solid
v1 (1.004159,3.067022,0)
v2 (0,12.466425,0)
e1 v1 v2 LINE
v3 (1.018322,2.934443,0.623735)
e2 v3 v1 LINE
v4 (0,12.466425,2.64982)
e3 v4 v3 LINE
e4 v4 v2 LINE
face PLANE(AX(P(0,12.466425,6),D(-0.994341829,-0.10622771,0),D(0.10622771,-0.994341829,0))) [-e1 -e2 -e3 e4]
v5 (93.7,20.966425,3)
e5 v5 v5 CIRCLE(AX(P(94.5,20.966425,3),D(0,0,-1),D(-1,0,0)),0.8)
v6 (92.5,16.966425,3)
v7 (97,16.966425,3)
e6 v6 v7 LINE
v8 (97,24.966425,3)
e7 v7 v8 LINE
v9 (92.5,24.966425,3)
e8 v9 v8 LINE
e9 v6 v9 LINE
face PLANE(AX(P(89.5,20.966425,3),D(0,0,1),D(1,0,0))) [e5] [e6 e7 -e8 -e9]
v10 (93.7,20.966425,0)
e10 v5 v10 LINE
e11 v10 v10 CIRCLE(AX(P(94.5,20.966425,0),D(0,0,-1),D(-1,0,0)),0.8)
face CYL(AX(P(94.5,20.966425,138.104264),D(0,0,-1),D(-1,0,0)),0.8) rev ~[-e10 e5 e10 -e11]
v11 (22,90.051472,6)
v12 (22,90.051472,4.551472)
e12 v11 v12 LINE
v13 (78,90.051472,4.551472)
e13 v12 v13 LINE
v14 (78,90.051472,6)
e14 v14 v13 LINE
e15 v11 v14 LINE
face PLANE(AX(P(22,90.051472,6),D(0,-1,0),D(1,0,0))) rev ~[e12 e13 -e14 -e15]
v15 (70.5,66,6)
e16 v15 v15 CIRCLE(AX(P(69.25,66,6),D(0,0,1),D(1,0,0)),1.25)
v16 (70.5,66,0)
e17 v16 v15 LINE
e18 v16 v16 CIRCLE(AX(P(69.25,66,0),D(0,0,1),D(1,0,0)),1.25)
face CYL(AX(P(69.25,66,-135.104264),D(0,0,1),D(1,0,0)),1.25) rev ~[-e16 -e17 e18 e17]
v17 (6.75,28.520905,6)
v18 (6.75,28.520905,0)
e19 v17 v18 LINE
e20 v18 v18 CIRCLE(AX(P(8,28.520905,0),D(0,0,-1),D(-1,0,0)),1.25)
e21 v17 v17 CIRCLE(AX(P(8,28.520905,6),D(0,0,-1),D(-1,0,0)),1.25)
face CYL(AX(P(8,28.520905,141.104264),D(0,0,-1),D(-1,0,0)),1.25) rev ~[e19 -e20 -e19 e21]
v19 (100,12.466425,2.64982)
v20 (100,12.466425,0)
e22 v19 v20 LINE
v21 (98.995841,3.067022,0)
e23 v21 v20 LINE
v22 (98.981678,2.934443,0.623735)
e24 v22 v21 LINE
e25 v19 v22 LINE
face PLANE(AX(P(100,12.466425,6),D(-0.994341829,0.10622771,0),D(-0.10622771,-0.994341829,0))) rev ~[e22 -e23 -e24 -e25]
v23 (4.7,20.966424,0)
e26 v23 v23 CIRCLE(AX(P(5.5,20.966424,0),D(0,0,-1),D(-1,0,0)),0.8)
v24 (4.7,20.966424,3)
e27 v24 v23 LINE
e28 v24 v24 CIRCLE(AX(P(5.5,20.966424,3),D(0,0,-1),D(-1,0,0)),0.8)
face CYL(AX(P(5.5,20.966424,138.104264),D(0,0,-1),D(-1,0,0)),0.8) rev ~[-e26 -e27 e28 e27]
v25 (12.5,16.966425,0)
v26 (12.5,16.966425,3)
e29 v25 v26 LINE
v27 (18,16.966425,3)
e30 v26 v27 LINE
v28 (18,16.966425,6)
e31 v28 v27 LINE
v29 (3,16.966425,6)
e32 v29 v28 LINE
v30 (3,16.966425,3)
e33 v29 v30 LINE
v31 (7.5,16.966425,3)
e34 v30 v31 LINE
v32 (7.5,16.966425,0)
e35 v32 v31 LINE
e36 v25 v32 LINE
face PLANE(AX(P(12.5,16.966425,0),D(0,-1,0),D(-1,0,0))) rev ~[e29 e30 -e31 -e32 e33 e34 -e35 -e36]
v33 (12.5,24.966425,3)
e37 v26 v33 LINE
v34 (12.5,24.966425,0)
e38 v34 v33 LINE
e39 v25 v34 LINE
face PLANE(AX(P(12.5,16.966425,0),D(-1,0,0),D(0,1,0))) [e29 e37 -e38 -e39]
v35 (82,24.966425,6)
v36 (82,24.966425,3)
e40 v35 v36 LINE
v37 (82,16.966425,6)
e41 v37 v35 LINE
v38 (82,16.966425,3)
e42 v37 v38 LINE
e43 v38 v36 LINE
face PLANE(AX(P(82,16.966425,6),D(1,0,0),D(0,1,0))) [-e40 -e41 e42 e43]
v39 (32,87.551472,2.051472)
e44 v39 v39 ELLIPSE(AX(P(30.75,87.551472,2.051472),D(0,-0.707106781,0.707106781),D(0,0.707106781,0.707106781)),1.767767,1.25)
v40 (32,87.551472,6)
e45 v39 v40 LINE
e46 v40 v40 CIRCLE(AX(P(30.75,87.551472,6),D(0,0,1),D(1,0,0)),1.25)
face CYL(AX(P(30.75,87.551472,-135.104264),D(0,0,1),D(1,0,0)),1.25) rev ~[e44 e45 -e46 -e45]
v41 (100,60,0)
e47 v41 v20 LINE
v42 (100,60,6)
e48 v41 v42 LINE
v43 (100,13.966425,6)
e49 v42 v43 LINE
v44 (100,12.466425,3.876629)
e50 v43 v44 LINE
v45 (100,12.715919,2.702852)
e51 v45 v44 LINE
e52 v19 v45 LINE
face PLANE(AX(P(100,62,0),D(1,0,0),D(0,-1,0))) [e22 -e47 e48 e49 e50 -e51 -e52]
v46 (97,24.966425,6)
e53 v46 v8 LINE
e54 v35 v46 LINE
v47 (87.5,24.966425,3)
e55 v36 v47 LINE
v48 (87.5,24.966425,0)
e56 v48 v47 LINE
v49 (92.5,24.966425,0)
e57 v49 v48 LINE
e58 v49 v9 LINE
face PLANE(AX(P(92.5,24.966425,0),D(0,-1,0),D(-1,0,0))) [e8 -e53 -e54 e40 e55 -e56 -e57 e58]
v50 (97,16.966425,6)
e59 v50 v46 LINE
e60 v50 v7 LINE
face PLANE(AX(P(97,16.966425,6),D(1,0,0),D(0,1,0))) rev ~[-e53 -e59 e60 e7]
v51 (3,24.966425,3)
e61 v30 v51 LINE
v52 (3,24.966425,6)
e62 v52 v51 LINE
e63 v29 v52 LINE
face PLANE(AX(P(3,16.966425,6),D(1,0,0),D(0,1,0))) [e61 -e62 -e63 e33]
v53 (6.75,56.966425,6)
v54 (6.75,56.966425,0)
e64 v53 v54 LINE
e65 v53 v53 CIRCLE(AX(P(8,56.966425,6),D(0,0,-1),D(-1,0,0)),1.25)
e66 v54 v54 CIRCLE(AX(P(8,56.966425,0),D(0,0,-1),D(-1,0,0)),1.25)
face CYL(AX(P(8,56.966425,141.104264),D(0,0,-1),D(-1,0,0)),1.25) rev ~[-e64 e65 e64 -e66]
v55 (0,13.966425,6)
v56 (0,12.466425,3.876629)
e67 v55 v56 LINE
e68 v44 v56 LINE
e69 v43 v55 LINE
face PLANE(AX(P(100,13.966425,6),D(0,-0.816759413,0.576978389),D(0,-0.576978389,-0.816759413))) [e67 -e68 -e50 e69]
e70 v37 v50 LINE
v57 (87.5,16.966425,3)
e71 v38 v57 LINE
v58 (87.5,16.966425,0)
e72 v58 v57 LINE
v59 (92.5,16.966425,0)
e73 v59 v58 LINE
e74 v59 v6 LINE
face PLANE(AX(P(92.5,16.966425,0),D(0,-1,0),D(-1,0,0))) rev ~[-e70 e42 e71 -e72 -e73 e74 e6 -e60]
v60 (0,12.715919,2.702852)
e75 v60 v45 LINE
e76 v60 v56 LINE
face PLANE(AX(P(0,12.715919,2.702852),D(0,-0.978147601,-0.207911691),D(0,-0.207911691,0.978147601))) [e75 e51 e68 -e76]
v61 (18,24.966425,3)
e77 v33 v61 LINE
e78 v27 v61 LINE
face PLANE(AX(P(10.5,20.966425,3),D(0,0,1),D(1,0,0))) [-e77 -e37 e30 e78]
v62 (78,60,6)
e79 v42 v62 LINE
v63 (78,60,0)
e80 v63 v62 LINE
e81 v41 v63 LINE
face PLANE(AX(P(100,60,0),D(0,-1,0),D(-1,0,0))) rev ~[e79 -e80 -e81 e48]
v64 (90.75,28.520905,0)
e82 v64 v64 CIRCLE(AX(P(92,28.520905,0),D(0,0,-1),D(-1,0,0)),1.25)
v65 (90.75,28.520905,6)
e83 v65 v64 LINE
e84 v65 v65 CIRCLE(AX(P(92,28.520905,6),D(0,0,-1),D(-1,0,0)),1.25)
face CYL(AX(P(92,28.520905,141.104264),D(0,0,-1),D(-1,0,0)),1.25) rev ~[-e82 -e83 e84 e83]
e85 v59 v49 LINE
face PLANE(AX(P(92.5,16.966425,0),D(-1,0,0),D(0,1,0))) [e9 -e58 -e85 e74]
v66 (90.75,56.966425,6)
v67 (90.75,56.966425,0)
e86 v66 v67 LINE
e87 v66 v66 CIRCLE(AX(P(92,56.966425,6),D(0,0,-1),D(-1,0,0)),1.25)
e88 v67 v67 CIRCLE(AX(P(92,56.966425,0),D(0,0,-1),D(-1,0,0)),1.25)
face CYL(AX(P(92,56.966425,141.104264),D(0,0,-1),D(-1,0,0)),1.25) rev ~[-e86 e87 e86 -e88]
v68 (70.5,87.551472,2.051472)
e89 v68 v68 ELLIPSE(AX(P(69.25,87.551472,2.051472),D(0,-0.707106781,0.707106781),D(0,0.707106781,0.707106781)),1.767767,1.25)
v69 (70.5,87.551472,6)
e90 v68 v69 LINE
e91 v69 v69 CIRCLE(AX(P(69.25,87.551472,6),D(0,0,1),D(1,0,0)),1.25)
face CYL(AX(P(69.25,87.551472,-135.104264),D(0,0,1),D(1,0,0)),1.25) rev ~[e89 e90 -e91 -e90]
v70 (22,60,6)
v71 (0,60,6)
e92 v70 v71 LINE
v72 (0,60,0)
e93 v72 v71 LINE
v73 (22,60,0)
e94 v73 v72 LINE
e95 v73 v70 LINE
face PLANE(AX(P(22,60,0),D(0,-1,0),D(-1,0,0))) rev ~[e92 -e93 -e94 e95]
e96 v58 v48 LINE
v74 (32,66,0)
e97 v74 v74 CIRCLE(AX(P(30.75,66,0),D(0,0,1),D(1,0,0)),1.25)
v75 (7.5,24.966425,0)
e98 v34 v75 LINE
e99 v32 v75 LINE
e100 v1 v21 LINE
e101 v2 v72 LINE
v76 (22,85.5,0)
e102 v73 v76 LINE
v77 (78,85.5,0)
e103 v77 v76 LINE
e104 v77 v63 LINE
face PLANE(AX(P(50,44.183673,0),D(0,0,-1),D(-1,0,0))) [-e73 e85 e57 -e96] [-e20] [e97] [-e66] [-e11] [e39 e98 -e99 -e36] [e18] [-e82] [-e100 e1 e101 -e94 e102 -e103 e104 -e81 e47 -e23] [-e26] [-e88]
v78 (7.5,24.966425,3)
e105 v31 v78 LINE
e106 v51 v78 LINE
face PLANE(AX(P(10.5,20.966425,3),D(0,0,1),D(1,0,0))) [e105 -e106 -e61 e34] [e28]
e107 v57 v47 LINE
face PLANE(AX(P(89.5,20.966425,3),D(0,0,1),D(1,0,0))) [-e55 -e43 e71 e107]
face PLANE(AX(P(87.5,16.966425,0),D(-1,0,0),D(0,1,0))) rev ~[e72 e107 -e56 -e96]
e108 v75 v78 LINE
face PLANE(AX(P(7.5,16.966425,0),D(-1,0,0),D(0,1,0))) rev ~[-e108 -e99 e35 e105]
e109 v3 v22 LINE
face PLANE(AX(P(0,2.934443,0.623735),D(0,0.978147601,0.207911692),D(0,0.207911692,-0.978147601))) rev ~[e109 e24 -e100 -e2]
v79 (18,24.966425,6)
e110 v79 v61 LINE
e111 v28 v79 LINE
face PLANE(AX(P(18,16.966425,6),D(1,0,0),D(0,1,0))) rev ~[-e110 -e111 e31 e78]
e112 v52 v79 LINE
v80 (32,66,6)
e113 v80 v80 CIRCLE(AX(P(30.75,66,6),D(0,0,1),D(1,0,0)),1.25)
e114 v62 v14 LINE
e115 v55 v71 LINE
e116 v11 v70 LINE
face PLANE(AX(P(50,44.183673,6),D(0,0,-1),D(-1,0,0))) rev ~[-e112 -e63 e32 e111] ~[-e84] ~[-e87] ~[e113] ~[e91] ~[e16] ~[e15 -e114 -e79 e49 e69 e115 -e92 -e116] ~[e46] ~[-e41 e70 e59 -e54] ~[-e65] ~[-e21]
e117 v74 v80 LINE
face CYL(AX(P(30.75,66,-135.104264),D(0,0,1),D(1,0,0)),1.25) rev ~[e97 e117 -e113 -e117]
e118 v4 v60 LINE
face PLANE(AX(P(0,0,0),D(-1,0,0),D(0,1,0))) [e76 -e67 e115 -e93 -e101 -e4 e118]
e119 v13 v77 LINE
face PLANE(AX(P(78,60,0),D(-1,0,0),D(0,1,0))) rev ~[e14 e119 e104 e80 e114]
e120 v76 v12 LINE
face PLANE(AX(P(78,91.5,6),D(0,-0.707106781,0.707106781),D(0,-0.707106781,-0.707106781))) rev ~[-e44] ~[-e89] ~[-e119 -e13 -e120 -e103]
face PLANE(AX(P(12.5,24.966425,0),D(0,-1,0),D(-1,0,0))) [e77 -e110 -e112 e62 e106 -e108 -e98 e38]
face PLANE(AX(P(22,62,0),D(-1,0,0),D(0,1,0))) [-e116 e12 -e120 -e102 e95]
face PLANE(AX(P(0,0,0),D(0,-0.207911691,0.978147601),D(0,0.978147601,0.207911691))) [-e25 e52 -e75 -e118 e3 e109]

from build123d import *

# Parameters (mm, degrees)
RESSALTO_EXTRUS_O1_DEPTH                = 6
CORTE_EXTRUS_O1_DEPTH                   = 100
CORTE_EXTRUS_O2_DEPTH                   = 100
CORTE_EXTRUS_O3_DEPTH                   = 100
FILETE1_R                               = 0.1
CORTE_EXTRUS_O4_DEPTH                   = 100
BROCA_DE_ROSQUEAR_PARA_TARRAXA_DE_M31_D = 2.5
ESBO_O9_W                               = 15
ESBO_O9_H                               = 8
CORTE_EXTRUS_O5_DEPTH                   = 3
ESBO_O10_W                              = 5
ESBO_O10_H                              = 8
CORTE_EXTRUS_O6_DEPTH                   = 3
BROCA_DE_ROSQUEAR_PARA_TARRAXA_DE_M21_D = 1.6
BROCA_DE_ROSQUEAR_PARA_TARRAXA_DE_M32_D = 2.5
ESBO_O15_W                              = 56.265856886
ESBO_O15_H                              = 5.410018906
CORTE_EXTRUS_O7_DEPTH                   = 5
ESBO_O16_W                              = 22
ESBO_O16_H                              = 2
CORTE_EXTRUS_O8_DEPTH                   = 10
CORTE_EXTRUS_O9_DEPTH                   = 100


with BuildPart() as part:
    # Esboço1 → Ressalto-extrusão1 (new body)
    with BuildSketch(Plane.XY):
        Polygon((0, 62), (22, 62), (22, 96), (78, 96), (78, 62), (100, 62), (100, 0), (0, 0), align=None)
    extrude(amount=RESSALTO_EXTRUS_O1_DEPTH)

    # Esboço2 → Corte-extrusão1 (cut)
    with BuildSketch(Plane.ZY):
        Polygon((0, 0), (2.702851981, 12.71591881), (4.274929738, 12.381763367), (4.34595667, 12.71591881), (6, 12.71591881), (6, 0), align=None)
    extrude(amount=-CORTE_EXTRUS_O1_DEPTH, mode=Mode.SUBTRACT)

    # Esboço3 → Corte-extrusão2 (cut)
    with BuildSketch(Plane(origin=(78, 0, 0), x_dir=(0, 0, -1), z_dir=(1, 0, 0))):
        Polygon((-6, 91.5), (0, 85.5), (0, 96), (-6, 96), align=None)
    extrude(amount=-CORTE_EXTRUS_O2_DEPTH, mode=Mode.SUBTRACT)

    # Esboço4 → Corte-extrusão3 (cut)
    with BuildSketch(Plane(origin=(100, 0, 0), x_dir=(0, 0, -1), z_dir=(1, 0, 0))):
        Polygon((-3.876629102, 12.466424781), (-6, 11.831800832), (-6, 13.966424781), align=None)
    extrude(amount=-CORTE_EXTRUS_O3_DEPTH, mode=Mode.SUBTRACT)

    # Filete1
    filete1_edges = [part.edges().sort_by_distance(p)[0] for p in [
        (50, 0, 0),
    ]]
    fillet(filete1_edges, radius=FILETE1_R)

    # Esboço5 → Corte-extrusão4 (cut)
    with BuildSketch(Plane.XY.offset(6)):
        Polygon((0, 12.466424781), (1.313793103, 0.168697266), (0, 0.851436445), align=None)
        Polygon((100, 12.466424781), (98.686206897, 0.168697266), (100, 0.851436445), align=None)
    extrude(amount=-CORTE_EXTRUS_O4_DEPTH, mode=Mode.SUBTRACT)

    # Broca de rosquear para tarraxa de M31 (through all)
    with Locations(Plane.XY.offset(6)):
        with Locations((92, 56.966424781), (92, 28.520905026), (8, 56.966424781), (8, 28.520905026)):
            Hole(BROCA_DE_ROSQUEAR_PARA_TARRAXA_DE_M31_D / 2)

    # Esboço9 → Corte-extrusão5 (cut)
    with BuildSketch(Plane.XY.offset(6)):
        with Locations((10.5, 20.966424781)):
            Rectangle(ESBO_O9_W, ESBO_O9_H)
        with Locations((89.5, 20.966424781)):
            Rectangle(ESBO_O9_W, ESBO_O9_H)
    extrude(amount=-CORTE_EXTRUS_O5_DEPTH, mode=Mode.SUBTRACT)

    # Esboço10 → Corte-extrusão6 (cut)
    with BuildSketch(Plane(origin=(0, 0, 0), x_dir=(-1, 0, 0), z_dir=(0, 0, -1))):
        with Locations((-90, 20.966424781)):
            Rectangle(ESBO_O10_W, ESBO_O10_H)
        with Locations((-10, 20.966424781)):
            Rectangle(ESBO_O10_W, ESBO_O10_H)
    extrude(amount=-CORTE_EXTRUS_O6_DEPTH, mode=Mode.SUBTRACT)

    # Broca de rosquear para tarraxa de M21 (through all)
    with Locations(Plane.XY.offset(3)):
        with Locations((5.4999996, 20.966424401), (94.5000004, 20.966425161)):
            Hole(BROCA_DE_ROSQUEAR_PARA_TARRAXA_DE_M21_D / 2)

    # Broca de rosquear para tarraxa de M32 (through all)
    with Locations(Plane(origin=(0, 0, 0), x_dir=(-1, 0, 0), z_dir=(0, 0, -1))):
        with Locations((-30.75, 66), (-69.25, 66), (-69.25, 87.551471863), (-30.75, 87.551471863)):
            Hole(BROCA_DE_ROSQUEAR_PARA_TARRAXA_DE_M32_D / 2)

    # Esboço15 → Corte-extrusão7 (cut)
    with BuildSketch(Plane.XY.offset(6)):
        with Locations((50.132928443, 92.756481316)):
            Rectangle(ESBO_O15_W, ESBO_O15_H)
    extrude(amount=-CORTE_EXTRUS_O7_DEPTH, mode=Mode.SUBTRACT)

    # Esboço16 → Corte-extrusão8 (cut)
    with BuildSketch(Plane(origin=(0, 0, 0), x_dir=(-1, 0, 0), z_dir=(0, 0, -1))):
        with Locations((-11, 61)):
            Rectangle(ESBO_O16_W, ESBO_O16_H)
        with Locations((-89, 61)):
            Rectangle(ESBO_O16_W, ESBO_O16_H)
    extrude(amount=-CORTE_EXTRUS_O8_DEPTH, mode=Mode.SUBTRACT)

    # Esboço17 → Corte-extrusão9 (cut)
    with BuildSketch(Plane.ZY):
        Polygon((0.623735072, 2.934442802), (0, 3.067021785), (0, 0), align=None)
    extrude(amount=-CORTE_EXTRUS_O9_DEPTH, mode=Mode.SUBTRACT)


solid = part.part
